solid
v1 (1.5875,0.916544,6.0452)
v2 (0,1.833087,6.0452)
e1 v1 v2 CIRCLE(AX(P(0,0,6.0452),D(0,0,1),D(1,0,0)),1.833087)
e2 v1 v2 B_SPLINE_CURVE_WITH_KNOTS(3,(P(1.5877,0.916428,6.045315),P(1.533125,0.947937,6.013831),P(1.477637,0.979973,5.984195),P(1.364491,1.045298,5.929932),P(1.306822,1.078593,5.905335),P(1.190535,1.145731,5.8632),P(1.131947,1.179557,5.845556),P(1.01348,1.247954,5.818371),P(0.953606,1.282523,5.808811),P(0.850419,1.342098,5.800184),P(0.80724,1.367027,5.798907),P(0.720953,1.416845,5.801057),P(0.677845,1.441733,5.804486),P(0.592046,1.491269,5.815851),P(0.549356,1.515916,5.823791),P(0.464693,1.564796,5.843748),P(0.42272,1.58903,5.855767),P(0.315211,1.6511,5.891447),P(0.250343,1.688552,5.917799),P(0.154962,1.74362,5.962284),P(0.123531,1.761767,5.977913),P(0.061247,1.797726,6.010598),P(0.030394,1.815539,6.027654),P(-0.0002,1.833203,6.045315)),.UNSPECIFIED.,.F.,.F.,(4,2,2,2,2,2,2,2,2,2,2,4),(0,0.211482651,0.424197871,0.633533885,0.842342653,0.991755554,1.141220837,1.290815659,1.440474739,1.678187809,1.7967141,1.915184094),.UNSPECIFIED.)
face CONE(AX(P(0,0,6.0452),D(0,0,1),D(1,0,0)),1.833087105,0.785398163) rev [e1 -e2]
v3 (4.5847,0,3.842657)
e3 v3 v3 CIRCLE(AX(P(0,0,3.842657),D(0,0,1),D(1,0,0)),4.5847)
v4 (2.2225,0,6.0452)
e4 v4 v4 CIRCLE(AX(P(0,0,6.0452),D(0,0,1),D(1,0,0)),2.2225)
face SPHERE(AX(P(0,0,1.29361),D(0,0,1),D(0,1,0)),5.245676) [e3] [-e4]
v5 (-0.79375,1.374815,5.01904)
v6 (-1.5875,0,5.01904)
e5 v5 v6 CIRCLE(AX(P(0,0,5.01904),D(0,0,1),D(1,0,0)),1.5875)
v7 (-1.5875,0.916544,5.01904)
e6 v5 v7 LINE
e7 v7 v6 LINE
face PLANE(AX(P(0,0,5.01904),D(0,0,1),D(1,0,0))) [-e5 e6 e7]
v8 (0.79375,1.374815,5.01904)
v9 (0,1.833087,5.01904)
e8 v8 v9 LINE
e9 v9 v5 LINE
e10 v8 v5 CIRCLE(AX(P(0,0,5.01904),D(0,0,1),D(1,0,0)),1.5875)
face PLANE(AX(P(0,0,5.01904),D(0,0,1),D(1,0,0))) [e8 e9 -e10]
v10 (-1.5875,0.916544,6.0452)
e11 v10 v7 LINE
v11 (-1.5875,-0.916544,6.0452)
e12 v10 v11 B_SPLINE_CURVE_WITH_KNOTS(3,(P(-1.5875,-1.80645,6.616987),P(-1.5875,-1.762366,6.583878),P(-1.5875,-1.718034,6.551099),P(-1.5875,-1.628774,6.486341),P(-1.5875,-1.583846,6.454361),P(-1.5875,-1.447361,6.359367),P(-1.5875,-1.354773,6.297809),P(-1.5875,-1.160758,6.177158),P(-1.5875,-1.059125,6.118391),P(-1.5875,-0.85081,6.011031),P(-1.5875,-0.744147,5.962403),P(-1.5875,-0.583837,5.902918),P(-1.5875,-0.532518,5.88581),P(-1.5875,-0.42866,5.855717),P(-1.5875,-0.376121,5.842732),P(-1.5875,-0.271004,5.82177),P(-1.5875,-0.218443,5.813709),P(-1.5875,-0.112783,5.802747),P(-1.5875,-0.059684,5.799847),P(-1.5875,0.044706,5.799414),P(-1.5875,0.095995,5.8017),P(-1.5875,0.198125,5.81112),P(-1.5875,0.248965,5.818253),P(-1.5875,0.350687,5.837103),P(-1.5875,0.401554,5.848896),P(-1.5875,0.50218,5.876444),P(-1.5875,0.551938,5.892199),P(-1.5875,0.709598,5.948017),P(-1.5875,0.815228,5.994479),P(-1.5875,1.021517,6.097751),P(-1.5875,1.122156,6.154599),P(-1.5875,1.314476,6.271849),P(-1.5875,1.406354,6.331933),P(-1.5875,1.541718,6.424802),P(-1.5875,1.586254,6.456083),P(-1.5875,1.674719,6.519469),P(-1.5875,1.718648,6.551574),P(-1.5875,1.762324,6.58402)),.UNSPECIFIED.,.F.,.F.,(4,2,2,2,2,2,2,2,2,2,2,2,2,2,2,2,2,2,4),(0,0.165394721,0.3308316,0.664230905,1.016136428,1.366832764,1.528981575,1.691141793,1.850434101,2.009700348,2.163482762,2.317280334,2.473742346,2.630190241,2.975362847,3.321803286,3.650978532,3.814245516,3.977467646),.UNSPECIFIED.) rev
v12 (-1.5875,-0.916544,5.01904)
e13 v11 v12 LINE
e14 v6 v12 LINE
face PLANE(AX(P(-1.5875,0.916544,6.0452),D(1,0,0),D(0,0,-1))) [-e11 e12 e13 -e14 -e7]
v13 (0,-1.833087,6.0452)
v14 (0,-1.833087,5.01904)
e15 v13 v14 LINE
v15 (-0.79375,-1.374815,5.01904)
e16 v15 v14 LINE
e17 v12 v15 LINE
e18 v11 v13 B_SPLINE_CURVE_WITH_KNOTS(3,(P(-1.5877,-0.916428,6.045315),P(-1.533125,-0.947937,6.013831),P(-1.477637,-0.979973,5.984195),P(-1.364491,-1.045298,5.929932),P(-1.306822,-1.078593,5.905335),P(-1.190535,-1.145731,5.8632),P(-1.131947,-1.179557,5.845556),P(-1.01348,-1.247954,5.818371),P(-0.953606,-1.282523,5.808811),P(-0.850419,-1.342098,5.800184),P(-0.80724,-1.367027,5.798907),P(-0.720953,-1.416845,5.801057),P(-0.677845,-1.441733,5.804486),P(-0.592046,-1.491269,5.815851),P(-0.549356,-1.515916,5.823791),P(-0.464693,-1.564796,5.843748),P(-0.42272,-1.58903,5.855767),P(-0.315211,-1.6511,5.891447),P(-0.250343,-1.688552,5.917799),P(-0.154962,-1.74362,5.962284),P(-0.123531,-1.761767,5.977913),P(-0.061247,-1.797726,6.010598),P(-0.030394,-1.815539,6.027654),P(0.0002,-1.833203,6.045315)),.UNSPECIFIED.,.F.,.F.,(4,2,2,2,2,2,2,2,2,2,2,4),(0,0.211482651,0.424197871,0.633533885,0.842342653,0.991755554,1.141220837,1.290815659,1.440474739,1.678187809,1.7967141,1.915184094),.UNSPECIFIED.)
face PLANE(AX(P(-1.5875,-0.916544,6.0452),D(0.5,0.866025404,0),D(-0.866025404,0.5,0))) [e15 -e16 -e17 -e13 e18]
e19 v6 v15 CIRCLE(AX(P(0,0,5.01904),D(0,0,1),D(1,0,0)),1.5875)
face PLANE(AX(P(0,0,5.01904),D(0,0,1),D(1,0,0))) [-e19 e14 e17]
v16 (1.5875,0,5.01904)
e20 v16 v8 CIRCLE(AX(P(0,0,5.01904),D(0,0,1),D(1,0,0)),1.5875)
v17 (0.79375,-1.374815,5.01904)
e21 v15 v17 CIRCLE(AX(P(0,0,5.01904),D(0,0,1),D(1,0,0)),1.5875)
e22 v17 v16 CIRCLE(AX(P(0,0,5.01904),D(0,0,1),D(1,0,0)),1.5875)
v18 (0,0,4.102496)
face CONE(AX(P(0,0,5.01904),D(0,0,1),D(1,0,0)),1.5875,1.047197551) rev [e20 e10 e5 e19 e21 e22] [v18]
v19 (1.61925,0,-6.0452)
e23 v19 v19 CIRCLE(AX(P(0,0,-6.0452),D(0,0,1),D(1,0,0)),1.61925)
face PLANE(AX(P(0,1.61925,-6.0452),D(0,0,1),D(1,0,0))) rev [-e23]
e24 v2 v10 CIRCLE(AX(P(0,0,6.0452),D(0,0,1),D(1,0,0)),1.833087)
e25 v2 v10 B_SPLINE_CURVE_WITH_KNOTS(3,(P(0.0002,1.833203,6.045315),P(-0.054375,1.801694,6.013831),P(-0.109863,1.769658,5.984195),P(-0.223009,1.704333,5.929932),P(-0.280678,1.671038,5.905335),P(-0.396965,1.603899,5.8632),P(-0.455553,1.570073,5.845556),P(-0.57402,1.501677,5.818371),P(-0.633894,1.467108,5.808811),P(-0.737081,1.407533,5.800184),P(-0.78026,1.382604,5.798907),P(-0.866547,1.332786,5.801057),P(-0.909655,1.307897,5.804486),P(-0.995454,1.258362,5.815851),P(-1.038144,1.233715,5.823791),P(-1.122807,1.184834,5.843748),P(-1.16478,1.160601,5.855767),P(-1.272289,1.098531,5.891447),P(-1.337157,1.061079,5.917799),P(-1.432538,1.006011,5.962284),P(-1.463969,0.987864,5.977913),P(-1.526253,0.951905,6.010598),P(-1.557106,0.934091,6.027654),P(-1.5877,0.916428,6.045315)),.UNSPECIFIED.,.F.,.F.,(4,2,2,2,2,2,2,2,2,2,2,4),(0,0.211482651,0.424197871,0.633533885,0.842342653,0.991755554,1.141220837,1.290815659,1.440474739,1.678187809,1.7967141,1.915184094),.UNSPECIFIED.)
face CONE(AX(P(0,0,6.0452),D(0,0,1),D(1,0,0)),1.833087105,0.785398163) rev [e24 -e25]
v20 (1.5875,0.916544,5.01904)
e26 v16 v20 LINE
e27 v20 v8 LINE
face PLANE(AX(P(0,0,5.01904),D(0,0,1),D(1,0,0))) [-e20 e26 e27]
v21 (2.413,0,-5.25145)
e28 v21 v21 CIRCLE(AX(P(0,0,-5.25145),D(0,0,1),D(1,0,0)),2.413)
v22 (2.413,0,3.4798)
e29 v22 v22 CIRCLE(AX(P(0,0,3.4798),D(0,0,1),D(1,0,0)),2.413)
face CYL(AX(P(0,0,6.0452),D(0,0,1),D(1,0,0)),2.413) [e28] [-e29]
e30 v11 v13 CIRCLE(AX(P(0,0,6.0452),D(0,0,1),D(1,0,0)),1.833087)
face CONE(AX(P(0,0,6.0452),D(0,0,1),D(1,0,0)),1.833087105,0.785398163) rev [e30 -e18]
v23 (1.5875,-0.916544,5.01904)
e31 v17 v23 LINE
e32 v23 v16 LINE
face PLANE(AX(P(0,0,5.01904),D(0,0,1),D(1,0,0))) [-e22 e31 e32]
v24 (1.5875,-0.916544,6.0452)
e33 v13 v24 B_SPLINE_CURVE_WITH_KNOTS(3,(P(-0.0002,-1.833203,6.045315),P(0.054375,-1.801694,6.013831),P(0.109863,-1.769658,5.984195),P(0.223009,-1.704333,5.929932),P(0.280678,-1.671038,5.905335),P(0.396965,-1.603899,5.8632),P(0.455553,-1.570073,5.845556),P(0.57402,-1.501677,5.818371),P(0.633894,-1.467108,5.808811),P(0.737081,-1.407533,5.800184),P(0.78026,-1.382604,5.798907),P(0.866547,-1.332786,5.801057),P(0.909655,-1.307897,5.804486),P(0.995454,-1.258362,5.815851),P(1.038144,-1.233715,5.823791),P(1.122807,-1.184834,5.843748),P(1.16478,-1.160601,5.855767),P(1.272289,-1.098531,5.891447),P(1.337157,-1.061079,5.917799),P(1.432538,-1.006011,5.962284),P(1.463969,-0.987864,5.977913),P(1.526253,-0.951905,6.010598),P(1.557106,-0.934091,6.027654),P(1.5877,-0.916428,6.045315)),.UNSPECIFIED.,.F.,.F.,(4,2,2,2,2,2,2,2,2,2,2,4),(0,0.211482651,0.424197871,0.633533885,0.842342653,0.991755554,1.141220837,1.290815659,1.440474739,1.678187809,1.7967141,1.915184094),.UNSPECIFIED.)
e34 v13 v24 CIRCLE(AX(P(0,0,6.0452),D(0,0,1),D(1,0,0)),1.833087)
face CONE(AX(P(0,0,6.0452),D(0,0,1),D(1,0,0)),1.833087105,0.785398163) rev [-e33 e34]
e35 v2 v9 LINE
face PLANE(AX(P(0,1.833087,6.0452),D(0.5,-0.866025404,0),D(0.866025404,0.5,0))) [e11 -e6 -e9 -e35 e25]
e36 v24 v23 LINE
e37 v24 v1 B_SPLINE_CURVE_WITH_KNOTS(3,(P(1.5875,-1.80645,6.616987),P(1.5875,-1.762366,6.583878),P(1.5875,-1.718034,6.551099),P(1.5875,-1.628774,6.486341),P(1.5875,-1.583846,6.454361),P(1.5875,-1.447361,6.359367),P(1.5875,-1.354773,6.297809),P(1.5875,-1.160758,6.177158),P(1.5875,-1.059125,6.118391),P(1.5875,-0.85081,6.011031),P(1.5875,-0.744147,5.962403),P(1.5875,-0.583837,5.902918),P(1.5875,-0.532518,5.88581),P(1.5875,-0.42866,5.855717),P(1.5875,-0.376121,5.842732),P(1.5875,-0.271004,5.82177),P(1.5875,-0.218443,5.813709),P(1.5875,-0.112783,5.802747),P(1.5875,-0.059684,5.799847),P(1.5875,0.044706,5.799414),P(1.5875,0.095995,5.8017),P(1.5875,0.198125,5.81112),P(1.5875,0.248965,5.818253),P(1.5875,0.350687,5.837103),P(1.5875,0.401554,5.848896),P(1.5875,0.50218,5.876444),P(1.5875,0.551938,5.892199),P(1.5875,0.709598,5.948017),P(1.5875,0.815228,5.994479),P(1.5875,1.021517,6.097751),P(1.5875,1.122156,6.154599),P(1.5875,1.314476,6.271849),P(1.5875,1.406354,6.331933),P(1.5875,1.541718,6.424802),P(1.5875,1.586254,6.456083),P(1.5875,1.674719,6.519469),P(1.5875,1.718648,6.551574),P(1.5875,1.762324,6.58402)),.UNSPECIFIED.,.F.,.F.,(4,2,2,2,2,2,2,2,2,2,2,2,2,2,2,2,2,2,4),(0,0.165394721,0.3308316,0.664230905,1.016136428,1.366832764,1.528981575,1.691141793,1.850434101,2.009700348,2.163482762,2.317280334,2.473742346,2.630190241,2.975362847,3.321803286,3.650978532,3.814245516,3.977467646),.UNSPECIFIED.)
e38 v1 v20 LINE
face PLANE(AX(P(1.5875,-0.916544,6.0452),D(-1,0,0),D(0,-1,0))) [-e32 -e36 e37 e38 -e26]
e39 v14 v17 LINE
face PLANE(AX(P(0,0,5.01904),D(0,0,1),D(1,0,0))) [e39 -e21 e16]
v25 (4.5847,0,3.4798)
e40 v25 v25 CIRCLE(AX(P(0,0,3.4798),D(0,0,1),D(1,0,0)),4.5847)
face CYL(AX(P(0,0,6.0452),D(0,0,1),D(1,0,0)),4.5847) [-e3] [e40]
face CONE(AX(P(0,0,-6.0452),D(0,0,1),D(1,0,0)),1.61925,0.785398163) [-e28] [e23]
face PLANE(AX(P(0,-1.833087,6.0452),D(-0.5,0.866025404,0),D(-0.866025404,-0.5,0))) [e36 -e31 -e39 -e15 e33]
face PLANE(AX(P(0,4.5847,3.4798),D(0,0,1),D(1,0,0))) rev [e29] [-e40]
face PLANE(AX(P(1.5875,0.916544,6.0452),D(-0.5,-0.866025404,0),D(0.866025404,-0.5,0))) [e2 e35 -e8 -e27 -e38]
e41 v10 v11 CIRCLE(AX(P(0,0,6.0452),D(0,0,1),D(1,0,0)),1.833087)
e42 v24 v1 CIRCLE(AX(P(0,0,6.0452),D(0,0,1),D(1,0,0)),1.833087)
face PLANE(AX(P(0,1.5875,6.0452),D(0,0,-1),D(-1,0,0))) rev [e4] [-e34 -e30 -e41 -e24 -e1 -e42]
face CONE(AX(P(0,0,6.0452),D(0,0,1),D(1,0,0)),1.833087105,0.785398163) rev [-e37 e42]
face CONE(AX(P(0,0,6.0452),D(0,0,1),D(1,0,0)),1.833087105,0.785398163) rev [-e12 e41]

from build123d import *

# Parameters (mm, degrees)
CUT_EXTRUDE1_START = 5.01904
CUT_EXTRUDE1_DEPTH = 2.02616
SKETCH4_R          = 1.833087105
CUT_EXTRUDE2_DEPTH = 1.02616
CUT_EXTRUDE2_DRAFT = -45


with BuildPart() as part:
    # Sketch2 → Revolve1 (revolve)
    with BuildSketch(Plane(origin=(0, 0, 0), x_dir=(0, 0, -1), z_dir=(1, 0, 0))):
        with BuildLine():
            Line((-6.0452, 1.5875), (-6.0452, 2.2225))
            ThreePointArc((-6.0452, 2.2225), (-5.130252118, 3.57733025), (-3.842657143, 4.5847))
            Line((-3.842657143, 4.5847), (-3.4798, 4.5847))
            Line((-3.4798, 4.5847), (-3.4798, 2.413))
            Line((-3.4798, 2.413), (5.25145, 2.413))
            Line((5.25145, 2.413), (6.0452, 1.61925))
            Line((6.0452, 1.61925), (6.0452, 0))
            Line((6.0452, 0), (-4.102496448, 0))
            Line((-4.102496448, 0), (-5.01904, 1.5875))
            Line((-5.01904, 1.5875), (-6.0452, 1.5875))
        make_face()
    revolve(axis=Axis((0, 0, 6.0452), (0, 0, -1)))

    # Sketch3 → Cut-Extrude1 (cut, through all)
    with BuildSketch(Plane.XY.offset(CUT_EXTRUDE1_START)):
        Polygon((0, 1.833087105), (-1.5875, 0.916543552), (-1.5875, -0.916543552), (0, -1.833087105), (1.5875, -0.916543552), (1.5875, 0.916543552), align=None)
    extrude(amount=CUT_EXTRUDE1_DEPTH, mode=Mode.SUBTRACT)


with BuildPart() as cut_extrude2_tool:
    # Sketch4 → Cut-Extrude2 (with draft: the straight prism first)
    with BuildSketch(Plane.XY.offset(6.0452)):
        Circle(SKETCH4_R)
    extrude(amount=-CUT_EXTRUDE2_DEPTH)
    # Cut-Extrude2: the draft: its side faces are tilted about the plane it starts from
    cut_extrude2_sides = [cut_extrude2_tool.faces().sort_by_distance(p)[0] for p in [
        (-1.833087105, 0, 5.53212),
    ]]
    draft(cut_extrude2_sides, Plane.XY.offset(6.0452), CUT_EXTRUDE2_DRAFT)


with BuildPart() as part_1:
    add(part.part)

    # Cut-Extrude2: cut by cut_extrude2_tool
    add(cut_extrude2_tool.part, mode=Mode.SUBTRACT)


solid = part_1.part
